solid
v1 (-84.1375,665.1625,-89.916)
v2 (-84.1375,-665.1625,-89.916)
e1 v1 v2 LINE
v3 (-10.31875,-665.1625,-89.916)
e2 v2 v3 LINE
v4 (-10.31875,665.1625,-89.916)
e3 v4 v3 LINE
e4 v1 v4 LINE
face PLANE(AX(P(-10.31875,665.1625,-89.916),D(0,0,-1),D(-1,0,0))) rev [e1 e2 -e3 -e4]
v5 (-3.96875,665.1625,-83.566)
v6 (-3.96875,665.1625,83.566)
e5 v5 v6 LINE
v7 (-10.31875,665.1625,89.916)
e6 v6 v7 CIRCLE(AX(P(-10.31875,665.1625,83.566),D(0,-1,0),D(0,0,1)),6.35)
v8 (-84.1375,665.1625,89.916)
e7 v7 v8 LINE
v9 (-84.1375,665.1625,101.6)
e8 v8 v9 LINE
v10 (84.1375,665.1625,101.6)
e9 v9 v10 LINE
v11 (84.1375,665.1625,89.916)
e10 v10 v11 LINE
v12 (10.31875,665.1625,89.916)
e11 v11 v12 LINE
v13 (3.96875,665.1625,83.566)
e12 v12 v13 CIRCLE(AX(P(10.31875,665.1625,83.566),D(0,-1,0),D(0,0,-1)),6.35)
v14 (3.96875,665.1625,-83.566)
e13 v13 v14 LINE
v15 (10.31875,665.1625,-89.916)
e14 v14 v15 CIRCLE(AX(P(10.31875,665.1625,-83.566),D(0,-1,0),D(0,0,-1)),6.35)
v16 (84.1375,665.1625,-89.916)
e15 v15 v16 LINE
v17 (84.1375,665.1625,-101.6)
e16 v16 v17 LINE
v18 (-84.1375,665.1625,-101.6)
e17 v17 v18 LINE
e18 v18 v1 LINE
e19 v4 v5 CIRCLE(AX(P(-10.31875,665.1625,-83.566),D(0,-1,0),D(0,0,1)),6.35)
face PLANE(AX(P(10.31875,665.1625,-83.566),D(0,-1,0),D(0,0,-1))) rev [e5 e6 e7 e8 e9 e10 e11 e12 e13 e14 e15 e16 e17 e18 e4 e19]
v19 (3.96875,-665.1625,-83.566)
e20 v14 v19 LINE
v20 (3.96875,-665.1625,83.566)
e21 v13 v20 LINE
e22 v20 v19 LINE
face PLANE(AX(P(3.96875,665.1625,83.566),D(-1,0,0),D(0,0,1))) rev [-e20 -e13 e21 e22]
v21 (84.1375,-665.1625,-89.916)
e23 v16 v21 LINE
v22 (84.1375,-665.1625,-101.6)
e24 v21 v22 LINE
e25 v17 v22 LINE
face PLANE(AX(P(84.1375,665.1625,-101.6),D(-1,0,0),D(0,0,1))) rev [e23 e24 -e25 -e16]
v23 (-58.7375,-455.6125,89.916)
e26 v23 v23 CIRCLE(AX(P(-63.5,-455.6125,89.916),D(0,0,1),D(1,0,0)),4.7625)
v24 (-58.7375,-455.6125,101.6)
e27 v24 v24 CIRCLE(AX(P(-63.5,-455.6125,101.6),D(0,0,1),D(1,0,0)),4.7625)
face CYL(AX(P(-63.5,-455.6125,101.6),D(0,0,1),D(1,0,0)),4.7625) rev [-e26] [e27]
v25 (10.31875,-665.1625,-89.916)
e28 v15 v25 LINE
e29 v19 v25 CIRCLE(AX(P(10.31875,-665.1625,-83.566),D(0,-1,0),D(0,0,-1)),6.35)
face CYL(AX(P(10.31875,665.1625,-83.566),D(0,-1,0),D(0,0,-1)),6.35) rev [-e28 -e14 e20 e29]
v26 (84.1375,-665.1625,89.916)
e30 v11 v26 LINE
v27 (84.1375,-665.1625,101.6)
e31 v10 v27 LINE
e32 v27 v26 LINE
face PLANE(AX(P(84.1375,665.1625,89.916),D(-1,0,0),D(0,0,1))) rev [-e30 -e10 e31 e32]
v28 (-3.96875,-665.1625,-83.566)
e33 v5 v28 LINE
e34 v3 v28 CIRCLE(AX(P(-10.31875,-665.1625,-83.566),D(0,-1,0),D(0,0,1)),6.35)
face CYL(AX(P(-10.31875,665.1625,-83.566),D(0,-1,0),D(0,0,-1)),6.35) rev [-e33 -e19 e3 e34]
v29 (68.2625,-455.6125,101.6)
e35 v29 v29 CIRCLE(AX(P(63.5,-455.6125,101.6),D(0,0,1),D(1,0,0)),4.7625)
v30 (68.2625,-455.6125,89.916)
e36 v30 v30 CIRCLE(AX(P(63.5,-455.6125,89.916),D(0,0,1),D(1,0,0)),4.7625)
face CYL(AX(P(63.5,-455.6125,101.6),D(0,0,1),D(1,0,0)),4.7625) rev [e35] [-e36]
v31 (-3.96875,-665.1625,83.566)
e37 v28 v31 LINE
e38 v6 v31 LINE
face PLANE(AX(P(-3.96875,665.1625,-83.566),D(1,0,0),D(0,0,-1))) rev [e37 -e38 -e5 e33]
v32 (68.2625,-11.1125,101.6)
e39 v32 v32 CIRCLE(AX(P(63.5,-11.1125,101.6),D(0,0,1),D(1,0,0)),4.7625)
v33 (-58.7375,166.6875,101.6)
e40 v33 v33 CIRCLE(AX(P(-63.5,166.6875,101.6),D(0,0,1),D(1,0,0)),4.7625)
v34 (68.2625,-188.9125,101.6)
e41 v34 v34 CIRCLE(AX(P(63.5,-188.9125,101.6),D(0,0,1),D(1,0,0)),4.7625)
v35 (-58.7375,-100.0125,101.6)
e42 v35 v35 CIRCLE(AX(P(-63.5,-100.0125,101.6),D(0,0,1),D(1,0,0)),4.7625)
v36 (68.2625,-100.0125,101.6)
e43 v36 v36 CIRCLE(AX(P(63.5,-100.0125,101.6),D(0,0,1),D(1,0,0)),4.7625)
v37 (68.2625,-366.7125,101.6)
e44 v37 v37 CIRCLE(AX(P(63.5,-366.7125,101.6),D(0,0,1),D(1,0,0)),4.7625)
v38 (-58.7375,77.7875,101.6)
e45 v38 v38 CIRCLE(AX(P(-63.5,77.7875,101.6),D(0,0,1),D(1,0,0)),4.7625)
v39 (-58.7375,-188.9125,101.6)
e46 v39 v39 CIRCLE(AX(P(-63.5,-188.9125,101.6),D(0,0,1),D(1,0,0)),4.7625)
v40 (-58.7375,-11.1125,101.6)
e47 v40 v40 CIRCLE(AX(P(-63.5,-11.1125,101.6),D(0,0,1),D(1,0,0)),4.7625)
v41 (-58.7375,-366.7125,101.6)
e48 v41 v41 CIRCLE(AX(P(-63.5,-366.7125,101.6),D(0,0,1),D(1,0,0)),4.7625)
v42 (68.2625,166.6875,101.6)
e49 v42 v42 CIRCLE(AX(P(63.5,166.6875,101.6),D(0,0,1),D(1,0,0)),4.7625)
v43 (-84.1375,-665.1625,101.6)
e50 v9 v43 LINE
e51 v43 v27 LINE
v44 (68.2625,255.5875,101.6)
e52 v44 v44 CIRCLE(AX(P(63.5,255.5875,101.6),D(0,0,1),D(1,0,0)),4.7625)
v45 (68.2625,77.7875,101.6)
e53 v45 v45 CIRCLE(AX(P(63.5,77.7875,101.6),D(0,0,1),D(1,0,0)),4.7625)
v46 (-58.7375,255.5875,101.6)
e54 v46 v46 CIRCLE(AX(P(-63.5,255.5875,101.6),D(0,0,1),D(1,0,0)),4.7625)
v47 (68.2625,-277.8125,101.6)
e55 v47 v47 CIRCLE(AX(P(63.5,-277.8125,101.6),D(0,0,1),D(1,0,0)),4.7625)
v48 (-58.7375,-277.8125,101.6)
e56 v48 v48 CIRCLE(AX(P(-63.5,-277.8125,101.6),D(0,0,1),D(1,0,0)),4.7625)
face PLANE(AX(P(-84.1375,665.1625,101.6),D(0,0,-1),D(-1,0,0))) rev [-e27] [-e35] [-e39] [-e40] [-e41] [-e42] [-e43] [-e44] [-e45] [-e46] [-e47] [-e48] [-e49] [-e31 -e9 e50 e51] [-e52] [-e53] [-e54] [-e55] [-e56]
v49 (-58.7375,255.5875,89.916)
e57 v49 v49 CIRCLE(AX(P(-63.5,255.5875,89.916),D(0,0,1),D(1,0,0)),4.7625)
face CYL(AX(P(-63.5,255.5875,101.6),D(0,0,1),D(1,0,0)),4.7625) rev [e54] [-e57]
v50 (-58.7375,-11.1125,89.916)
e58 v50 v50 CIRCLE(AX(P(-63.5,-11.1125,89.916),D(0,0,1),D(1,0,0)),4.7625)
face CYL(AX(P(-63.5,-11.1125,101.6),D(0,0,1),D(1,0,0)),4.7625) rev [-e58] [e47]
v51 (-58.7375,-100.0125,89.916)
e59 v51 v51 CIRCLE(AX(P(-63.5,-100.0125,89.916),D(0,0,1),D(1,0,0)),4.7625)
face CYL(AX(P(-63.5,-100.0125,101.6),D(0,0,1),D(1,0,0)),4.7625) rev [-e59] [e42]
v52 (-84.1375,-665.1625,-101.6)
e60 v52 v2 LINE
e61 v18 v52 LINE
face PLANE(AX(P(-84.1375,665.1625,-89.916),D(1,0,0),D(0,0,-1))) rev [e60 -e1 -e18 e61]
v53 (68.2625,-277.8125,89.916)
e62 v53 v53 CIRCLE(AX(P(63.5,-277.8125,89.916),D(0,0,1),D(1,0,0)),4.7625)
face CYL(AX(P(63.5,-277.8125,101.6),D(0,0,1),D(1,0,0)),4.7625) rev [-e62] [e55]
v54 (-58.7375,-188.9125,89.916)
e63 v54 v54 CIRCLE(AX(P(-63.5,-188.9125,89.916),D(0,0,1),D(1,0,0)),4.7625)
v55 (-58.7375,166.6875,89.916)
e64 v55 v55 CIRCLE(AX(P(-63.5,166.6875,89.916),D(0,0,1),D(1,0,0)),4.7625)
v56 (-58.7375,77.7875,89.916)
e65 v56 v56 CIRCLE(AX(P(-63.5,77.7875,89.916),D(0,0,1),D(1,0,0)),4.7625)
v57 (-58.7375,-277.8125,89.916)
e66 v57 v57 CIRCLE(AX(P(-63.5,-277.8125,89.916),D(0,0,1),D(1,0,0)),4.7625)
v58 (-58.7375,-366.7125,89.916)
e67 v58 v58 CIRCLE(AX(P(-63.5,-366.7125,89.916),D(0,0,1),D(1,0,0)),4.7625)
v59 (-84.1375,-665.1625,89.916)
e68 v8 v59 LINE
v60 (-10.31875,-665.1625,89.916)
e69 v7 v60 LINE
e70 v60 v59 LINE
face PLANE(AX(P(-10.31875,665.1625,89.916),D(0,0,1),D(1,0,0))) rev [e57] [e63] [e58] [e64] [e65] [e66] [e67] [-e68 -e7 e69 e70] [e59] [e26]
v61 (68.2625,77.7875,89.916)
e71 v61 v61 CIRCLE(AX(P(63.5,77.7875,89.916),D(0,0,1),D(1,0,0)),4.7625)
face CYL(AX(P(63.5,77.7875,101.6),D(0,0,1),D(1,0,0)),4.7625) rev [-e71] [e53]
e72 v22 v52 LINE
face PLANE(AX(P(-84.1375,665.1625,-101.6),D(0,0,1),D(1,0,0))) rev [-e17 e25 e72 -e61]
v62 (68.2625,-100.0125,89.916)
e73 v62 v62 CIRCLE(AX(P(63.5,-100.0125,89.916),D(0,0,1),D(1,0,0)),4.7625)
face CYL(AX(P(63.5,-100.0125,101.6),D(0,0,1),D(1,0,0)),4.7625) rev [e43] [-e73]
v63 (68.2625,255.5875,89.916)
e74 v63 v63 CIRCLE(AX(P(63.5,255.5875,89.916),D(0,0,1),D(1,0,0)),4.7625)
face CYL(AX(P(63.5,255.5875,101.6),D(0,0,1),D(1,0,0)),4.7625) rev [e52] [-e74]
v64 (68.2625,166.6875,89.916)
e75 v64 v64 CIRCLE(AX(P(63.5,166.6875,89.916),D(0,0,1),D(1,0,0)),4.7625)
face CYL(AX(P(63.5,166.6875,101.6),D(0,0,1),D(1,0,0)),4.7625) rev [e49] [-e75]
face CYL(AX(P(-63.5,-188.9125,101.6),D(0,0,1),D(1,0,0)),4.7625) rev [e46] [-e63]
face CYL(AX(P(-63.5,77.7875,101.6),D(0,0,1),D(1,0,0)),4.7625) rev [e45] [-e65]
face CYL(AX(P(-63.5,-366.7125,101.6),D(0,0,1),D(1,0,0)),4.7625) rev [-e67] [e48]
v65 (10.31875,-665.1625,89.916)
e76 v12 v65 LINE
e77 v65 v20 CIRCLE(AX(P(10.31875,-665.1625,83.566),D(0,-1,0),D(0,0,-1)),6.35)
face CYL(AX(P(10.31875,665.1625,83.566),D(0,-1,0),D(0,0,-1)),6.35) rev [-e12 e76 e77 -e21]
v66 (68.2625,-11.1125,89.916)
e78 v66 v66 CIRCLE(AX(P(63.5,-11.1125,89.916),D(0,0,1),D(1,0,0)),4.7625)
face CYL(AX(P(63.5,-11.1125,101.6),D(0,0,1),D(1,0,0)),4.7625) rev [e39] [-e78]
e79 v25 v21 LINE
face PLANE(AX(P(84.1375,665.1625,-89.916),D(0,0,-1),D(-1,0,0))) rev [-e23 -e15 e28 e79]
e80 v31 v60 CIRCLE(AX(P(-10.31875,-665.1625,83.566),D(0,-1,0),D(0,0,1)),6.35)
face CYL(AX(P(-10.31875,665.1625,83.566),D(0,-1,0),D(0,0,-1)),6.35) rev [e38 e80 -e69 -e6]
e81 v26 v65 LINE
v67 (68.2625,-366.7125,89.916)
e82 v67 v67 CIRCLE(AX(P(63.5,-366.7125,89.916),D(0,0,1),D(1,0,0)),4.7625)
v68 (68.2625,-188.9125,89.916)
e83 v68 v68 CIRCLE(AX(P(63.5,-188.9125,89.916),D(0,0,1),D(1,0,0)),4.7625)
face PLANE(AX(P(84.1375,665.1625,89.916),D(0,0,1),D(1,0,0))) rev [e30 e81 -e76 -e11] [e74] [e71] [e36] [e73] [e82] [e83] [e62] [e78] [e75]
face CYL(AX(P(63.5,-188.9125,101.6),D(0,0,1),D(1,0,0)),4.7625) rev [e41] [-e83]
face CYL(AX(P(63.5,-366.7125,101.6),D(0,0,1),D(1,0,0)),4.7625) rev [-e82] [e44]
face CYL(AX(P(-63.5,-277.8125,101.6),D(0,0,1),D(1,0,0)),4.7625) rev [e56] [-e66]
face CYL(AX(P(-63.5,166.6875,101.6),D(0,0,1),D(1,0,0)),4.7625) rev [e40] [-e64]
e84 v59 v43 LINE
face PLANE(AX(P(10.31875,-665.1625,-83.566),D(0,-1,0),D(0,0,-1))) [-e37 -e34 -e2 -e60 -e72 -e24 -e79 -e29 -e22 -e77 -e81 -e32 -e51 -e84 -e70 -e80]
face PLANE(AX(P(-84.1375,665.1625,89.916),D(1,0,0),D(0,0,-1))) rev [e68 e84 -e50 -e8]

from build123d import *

# Parameters (mm, degrees)
BOSS_EXTRUDE1_DEPTH              = 665.1625
F_3_8_0_375_DIAMETER_HOLE1_D     = 9.525
F_3_8_0_375_DIAMETER_HOLE1_DEPTH = 11.684


with BuildPart() as part:
    # Sketch1 → Boss-Extrude1 (new body, symmetric)
    with BuildSketch(Plane(origin=(0, 0, 0), x_dir=(1, 0, 0), z_dir=(0, 1, 0))):
        with BuildLine():
            Line((-84.1375, 101.6), (84.1375, 101.6))
            Line((84.1375, 101.6), (84.1375, 89.916))
            Line((84.1375, 89.916), (10.31875, 89.916))
            ThreePointArc((10.31875, 89.916), (5.828621939, 88.056128061), (3.96875, 83.566))
            Line((3.96875, 83.566), (3.96875, -83.566))
            ThreePointArc((3.96875, -83.566), (5.828621939, -88.056128061), (10.31875, -89.916))
            Line((10.31875, -89.916), (84.1375, -89.916))
            Line((84.1375, -89.916), (84.1375, -101.6))
            Line((84.1375, -101.6), (-84.1375, -101.6))
            Line((-84.1375, -101.6), (-84.1375, -89.916))
            Line((-84.1375, -89.916), (-10.31875, -89.916))
            ThreePointArc((-10.31875, -89.916), (-5.828621939, -88.056128061), (-3.96875, -83.566))
            Line((-3.96875, -83.566), (-3.96875, 83.566))
            ThreePointArc((-3.96875, 83.566), (-5.828621939, 88.056128061), (-10.31875, 89.916))
            Line((-10.31875, 89.916), (-84.1375, 89.916))
            Line((-84.1375, 89.916), (-84.1375, 101.6))
        make_face()
    extrude(amount=BOSS_EXTRUDE1_DEPTH, both=True)

    # 3/8 (0.375) Diameter Hole1
    with Locations(Plane.XY.offset(101.6)):
        with Locations((-63.5, 255.5875), (63.5, 255.5875), (63.5, -455.6125), (63.5, -366.7125), (63.5, -277.8125), (63.5, -188.9125), (63.5, -100.0125), (63.5, -11.1125), (63.5, 77.7875), (-63.5, -455.6125), (-63.5, -366.7125), (-63.5, -277.8125), (-63.5, -188.9125), (-63.5, -100.0125), (-63.5, -11.1125), (-63.5, 77.7875), (-63.5, 166.6875), (63.5, 166.6875)):
            Hole(F_3_8_0_375_DIAMETER_HOLE1_D / 2, depth=F_3_8_0_375_DIAMETER_HOLE1_DEPTH)


solid = part.part
